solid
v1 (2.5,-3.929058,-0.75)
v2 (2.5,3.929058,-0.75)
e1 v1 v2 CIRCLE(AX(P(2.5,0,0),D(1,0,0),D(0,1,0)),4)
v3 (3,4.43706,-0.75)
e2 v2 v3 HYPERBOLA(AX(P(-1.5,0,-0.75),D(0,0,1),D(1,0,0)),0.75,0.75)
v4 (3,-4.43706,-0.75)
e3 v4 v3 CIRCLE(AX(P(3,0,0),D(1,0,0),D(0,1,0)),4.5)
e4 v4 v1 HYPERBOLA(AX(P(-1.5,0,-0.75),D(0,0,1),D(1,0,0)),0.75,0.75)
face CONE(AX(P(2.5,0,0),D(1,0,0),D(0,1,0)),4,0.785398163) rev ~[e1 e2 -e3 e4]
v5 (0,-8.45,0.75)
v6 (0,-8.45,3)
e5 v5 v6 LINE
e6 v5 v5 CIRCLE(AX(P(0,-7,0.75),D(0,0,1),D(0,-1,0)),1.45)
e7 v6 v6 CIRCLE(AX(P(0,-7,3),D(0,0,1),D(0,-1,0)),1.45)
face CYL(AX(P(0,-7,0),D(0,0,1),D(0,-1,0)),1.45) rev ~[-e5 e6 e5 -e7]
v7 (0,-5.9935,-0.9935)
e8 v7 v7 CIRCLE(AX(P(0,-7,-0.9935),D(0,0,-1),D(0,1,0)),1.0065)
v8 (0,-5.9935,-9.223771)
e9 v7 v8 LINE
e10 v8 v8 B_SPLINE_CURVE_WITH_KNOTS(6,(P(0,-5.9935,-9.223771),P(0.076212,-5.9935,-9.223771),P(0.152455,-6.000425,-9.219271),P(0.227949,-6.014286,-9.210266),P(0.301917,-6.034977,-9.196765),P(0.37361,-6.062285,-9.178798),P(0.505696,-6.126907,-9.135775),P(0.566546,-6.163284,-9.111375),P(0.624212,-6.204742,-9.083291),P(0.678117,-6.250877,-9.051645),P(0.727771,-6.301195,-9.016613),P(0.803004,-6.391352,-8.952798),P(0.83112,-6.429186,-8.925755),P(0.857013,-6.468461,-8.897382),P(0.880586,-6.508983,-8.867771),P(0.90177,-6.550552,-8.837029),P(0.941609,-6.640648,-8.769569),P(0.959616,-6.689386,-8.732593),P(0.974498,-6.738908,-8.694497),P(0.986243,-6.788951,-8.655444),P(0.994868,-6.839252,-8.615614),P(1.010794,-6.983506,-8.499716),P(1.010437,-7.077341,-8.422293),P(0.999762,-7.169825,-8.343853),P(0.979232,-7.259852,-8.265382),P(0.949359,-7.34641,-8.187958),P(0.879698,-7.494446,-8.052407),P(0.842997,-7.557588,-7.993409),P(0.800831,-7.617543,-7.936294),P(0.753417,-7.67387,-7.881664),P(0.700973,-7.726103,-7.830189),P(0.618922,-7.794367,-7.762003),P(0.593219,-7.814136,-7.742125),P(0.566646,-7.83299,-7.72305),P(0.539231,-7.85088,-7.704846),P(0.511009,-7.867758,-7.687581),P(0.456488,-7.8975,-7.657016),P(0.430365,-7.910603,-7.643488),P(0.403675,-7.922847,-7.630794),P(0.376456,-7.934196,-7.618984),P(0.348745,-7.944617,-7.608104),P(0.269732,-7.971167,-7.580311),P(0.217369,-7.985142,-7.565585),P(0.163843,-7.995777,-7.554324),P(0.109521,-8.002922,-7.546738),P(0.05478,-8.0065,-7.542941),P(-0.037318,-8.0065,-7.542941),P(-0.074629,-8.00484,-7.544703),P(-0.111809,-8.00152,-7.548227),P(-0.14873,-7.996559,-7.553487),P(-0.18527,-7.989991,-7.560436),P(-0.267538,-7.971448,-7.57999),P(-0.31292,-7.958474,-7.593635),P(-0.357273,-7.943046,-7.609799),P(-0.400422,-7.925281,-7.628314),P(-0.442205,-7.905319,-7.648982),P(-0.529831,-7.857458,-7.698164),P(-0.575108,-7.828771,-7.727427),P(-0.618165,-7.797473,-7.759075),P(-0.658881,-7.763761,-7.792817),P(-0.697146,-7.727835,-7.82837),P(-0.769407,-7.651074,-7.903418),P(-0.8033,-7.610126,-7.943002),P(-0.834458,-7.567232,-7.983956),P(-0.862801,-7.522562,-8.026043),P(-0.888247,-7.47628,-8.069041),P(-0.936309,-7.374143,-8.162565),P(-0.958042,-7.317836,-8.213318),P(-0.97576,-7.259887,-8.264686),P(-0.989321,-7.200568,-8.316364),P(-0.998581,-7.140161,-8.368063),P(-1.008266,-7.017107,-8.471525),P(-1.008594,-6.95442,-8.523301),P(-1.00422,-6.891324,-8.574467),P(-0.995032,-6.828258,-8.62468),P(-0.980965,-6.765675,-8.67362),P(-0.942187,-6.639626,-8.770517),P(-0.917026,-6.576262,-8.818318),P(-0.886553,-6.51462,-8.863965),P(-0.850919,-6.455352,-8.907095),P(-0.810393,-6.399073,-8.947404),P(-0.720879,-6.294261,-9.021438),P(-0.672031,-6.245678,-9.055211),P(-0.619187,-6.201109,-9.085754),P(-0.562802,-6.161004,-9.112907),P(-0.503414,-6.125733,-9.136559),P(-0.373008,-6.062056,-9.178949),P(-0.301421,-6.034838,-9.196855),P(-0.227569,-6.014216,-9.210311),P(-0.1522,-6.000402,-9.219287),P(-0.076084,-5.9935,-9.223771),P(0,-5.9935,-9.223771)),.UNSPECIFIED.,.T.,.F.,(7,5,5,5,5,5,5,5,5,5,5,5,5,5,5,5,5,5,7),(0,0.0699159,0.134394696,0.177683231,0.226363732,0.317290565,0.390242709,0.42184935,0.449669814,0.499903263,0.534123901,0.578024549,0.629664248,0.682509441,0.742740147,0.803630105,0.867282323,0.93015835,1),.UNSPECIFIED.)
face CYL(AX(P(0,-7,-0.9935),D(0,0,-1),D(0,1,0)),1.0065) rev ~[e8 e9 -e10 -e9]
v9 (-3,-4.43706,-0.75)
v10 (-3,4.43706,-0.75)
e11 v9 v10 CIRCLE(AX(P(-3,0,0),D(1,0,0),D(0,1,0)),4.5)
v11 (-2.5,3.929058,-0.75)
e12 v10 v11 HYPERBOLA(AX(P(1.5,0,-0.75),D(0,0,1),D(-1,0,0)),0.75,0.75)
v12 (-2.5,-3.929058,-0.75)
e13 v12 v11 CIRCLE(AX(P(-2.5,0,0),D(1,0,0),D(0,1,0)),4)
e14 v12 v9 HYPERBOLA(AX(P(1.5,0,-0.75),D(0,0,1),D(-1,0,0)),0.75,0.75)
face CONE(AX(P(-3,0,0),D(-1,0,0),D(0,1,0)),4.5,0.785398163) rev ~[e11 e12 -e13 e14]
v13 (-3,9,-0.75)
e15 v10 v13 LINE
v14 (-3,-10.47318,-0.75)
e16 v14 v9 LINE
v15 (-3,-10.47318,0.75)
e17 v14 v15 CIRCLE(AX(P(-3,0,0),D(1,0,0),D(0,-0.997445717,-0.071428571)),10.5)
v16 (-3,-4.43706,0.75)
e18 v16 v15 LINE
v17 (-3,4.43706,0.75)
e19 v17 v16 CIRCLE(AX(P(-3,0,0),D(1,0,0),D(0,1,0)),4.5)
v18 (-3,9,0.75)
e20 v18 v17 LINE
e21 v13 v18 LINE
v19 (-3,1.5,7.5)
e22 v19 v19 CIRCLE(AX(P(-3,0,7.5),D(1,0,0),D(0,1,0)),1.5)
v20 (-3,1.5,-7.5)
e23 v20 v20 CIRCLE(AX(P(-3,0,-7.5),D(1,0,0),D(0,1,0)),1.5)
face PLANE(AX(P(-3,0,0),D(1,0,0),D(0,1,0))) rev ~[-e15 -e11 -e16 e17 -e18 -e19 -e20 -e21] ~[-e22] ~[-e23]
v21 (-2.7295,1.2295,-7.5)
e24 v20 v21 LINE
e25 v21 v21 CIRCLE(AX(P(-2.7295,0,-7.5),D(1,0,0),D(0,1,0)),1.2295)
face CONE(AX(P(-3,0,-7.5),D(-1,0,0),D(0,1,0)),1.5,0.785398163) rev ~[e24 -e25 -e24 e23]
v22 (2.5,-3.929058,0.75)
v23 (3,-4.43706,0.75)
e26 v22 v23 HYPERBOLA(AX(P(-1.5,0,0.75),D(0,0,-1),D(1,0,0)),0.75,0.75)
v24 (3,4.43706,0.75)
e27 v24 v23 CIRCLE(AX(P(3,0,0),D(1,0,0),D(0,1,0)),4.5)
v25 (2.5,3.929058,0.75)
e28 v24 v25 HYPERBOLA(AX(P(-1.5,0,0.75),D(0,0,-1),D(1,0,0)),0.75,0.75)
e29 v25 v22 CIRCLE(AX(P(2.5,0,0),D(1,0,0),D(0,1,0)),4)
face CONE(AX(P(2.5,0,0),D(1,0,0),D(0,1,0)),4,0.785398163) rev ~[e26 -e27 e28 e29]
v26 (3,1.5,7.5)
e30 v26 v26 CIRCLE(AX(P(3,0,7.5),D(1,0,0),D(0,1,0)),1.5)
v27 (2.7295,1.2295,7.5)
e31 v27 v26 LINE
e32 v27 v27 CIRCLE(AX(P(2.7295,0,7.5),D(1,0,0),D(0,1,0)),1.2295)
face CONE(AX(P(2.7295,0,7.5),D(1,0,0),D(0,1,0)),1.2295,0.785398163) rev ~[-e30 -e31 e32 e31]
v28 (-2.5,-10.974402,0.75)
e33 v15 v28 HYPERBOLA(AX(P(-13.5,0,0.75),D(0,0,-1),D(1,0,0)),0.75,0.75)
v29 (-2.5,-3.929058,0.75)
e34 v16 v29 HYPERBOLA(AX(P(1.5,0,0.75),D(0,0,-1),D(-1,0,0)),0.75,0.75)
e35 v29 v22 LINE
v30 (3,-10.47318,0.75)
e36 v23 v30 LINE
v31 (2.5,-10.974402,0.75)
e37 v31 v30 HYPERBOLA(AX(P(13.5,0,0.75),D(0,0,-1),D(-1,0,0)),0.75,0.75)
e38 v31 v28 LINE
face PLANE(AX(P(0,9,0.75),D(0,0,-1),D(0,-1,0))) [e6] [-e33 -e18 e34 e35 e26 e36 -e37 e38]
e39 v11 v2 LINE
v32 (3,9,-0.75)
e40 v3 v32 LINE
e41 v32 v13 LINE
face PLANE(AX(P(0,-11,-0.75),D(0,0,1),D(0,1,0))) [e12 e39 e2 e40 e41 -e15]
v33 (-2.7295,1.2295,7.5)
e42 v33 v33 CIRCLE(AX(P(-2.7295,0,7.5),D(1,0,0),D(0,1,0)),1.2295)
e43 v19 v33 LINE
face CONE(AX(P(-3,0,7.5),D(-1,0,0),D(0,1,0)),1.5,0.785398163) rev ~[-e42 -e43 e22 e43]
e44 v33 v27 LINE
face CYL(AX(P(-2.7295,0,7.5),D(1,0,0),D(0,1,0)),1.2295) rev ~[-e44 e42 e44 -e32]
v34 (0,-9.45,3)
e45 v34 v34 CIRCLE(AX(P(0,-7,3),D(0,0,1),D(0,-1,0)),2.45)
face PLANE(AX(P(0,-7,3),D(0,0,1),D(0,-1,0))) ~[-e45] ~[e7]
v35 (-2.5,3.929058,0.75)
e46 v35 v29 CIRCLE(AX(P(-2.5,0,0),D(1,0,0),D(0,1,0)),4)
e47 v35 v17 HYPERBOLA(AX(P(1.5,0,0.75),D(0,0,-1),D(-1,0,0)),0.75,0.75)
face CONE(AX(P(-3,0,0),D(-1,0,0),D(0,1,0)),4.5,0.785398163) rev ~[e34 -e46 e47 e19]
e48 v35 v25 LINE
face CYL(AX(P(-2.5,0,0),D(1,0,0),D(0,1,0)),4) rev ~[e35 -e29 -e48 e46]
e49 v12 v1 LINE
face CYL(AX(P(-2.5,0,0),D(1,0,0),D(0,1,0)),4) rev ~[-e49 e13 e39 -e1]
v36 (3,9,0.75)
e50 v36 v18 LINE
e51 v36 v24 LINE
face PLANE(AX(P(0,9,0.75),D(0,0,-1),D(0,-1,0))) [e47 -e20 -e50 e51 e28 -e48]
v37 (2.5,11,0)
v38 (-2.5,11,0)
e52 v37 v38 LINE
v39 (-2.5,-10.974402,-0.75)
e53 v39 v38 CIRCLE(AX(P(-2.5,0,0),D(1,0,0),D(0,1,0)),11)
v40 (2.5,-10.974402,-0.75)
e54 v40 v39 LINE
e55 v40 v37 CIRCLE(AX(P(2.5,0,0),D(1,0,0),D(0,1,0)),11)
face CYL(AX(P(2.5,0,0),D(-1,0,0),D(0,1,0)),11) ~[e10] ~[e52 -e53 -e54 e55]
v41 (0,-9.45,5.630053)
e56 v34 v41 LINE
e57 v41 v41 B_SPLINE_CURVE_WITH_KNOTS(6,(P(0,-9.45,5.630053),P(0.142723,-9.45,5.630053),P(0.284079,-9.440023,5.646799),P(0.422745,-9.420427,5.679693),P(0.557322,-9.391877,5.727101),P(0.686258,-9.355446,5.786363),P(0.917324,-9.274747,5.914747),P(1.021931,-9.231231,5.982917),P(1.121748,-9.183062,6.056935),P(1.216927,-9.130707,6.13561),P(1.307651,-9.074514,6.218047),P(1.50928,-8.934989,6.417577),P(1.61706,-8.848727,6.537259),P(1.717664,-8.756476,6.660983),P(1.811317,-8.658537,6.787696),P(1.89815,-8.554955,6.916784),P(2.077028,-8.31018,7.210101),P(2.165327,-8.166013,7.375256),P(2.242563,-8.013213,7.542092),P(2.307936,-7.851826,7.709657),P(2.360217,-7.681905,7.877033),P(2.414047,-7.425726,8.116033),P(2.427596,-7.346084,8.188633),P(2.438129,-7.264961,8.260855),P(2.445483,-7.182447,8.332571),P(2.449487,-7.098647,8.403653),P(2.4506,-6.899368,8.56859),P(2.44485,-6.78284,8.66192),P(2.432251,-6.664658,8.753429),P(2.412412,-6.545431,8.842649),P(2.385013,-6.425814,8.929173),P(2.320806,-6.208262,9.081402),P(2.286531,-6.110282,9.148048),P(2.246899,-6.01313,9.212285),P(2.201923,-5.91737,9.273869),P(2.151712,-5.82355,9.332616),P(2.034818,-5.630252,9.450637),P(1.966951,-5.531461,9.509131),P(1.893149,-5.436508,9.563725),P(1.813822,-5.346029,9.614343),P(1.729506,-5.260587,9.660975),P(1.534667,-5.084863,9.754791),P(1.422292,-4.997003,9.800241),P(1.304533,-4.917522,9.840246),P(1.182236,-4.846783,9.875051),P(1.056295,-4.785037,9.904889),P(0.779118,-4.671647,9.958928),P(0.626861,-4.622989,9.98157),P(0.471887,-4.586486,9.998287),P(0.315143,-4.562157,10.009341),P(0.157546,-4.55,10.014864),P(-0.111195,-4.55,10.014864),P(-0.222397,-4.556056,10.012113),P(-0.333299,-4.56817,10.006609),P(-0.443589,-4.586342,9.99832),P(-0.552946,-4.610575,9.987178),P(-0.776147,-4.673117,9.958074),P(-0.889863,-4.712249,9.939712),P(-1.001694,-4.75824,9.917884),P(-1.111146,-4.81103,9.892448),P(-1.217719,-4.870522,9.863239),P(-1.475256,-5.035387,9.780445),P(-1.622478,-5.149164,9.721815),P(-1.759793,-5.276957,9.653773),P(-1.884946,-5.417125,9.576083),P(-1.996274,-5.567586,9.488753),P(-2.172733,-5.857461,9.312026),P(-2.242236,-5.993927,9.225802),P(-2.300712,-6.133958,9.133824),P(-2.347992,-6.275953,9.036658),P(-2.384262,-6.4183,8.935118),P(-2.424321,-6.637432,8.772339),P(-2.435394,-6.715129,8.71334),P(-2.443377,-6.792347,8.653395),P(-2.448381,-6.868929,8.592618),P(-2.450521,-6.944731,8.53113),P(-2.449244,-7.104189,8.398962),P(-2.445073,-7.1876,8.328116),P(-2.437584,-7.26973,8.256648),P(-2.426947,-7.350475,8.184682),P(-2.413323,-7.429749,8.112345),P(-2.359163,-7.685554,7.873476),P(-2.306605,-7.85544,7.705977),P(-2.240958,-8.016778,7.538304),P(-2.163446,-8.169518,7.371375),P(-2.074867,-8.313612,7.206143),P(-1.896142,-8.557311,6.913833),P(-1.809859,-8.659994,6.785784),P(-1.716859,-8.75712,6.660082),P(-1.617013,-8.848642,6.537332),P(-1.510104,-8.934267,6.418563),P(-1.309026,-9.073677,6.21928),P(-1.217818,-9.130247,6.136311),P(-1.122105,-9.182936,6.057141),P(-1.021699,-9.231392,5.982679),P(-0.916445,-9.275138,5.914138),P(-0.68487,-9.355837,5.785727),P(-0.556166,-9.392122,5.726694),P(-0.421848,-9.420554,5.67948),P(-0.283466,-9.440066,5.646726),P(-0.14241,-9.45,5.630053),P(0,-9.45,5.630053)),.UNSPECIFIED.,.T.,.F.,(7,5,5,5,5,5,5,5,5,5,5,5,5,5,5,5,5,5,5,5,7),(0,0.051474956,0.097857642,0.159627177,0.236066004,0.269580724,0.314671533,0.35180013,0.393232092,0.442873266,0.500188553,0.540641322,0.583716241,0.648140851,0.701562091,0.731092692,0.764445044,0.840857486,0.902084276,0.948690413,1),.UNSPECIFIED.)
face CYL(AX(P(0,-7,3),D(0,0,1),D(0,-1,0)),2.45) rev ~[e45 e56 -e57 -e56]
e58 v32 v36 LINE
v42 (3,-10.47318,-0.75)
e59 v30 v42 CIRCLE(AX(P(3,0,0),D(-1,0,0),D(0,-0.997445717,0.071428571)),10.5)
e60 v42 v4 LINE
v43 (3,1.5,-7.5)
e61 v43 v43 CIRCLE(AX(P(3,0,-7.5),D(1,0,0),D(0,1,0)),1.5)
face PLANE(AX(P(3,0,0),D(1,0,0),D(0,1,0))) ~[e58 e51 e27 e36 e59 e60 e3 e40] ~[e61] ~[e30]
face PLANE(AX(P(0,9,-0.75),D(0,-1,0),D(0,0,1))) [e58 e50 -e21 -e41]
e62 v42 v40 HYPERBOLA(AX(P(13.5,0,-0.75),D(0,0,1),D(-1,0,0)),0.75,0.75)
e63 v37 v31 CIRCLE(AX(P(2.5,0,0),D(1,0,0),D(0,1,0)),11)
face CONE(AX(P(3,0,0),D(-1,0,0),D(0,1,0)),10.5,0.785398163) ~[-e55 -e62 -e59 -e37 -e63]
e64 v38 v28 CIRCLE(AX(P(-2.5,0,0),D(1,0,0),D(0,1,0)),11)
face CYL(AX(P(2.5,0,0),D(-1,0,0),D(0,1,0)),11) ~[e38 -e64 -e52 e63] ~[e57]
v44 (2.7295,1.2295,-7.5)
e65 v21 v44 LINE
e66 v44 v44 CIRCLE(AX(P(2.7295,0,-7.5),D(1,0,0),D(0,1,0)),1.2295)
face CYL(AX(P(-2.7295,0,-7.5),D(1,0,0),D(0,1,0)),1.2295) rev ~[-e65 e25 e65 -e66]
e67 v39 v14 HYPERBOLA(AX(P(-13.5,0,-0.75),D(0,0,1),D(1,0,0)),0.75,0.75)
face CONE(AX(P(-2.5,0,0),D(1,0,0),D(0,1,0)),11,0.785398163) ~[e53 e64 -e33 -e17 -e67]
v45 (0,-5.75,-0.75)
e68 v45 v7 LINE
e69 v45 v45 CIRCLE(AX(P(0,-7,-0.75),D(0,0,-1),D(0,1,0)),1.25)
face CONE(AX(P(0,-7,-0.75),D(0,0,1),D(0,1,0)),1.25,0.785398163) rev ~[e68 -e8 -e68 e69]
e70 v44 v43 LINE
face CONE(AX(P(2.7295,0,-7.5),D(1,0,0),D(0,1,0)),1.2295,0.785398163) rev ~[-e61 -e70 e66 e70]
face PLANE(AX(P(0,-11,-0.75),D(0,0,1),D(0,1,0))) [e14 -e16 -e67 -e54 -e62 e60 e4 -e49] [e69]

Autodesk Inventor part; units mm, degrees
sketch "Sketch_1" plane through (0, 0, 0) normal (0, 0, 1) x (1, 0, 0)
  line L0 (3, 0) -> (-3, 0)
  line L1 (-3, 10.5) -> (-3, 4.5)
  line L2 (-3, 4.5) -> (-2.5, 4)
  line L3 (-2.5, 4) -> (2.5, 4)
  line L4 (2.5, 4) -> (3, 4.5)
  line L5 (3, 4.5) -> (3, 10.5)
  line L6 (3, 10.5) -> (2.5, 11)
  line L7 (2.5, 11) -> (-2.5, 11)
  line L8 (-2.5, 11) -> (-3, 10.5)
revolve "Revolution1" add sketch "Sketch_1" angle 360 about axis through (3, 0, 0) along (1, 0, 0)
sketch "Sketch_2" plane through (0, 0, 0) normal (1, 0, 0) x (0, 1, 0)
  line L0 (-11, 0.75) -> (-11, -0.75)
  line L1 (-11, -0.75) -> (9, -0.75)
  line L2 (9, -0.75) -> (9, 0.75)
  line L3 (9, 0.75) -> (-11, 0.75)
extrude "Extrusion1" cut sketch "Sketch_2" along normal mid plane 6
sketch "Sketch_3" plane through (0, 0, 0) normal (1, 0, 0) x (0, 1, 0)
  line L0 (-7, 11) -> (-7, 0)
  line L1 (-7, 0) -> (-8.45, 0)
  line L2 (-8.45, 0) -> (-8.45, 3)
  line L3 (-8.45, 3) -> (-9.45, 3)
  line L4 (-9.45, 3) -> (-9.45, 11)
  line L5 (-9.45, 11) -> (-7, 11)
  line L6 (-7, 11) -> (-7, 0)
revolve "Revolution2" cut sketch "Sketch_3" angle 360 about axis through (0, -7, 11) along (0, 0, 1)
sketch "Sketch_4" plane through (0, 0, 0) normal (1, 0, 0) x (0, 1, 0)
  line L0 (-7, -11.25) -> (-7, -0.75)
  line L1 (-7, -0.75) -> (-5.75, -0.75)
  line L2 (-5.75, -0.75) -> (-5.9935, -0.9935)
  line L3 (-5.9935, -0.9935) -> (-5.9935, -11.25)
  line L4 (-5.9935, -11.25) -> (-7, -11.25)
  line L5 (-7, -11.25) -> (-7, -0.75)
revolve "Revolution3" cut sketch "Sketch_4" angle 360 about axis through (0, -7, -11.25) along (0, 0, -1)
thread "Thread1" size "M2.5x0.45" class "6H" standard "ISO Metric profile" length 8.384
sketch "Sketch_7" plane through (0, 0, -7.5) normal (0, 0, 1) x (1, 0, 0)
  line L0 (3, 0) -> (-3, 0)
  line L1 (-3, 0) -> (-3, 1.5)
  line L2 (-3, 1.5) -> (-2.7295, 1.2295)
  line L3 (-2.7295, 1.2295) -> (2.7295, 1.2295)
  line L4 (2.7295, 1.2295) -> (3, 1.5)
  line L5 (3, 1.5) -> (3, 0)
  line L6 (3, 0) -> (-3, 0)
revolve "Revolution4" cut sketch "Sketch_7" angle 360 about axis through (3, 0, -7.5) along (1, 0, 0)
thread "Thread2" size "M3x0.5" class "6H" standard "ISO Metric profile" full length
sketch "Sketch_8" plane through (0, 0, 7.5) normal (0, 0, 1) x (1, 0, 0)
  line L0 (3, 0) -> (-3, 0)
  line L1 (-3, 0) -> (-3, 1.5)
  line L2 (-3, 1.5) -> (-2.7295, 1.2295)
  line L3 (-2.7295, 1.2295) -> (2.7295, 1.2295)
  line L4 (2.7295, 1.2295) -> (3, 1.5)
  line L5 (3, 1.5) -> (3, 0)
  line L6 (3, 0) -> (-3, 0)
revolve "Revolution5" cut sketch "Sketch_8" angle 360 about axis through (3, 0, 7.5) along (1, 0, 0)
thread "Thread3" size "M3x0.5" class "6H" standard "ISO Metric profile" full length
ref_plane "body_screw_XY" through (0, -7, 3) normal (0, 0, 1) x (1, 0, 0)
ref_plane "body_screw_YZ" through (0, -7, 3) normal (1, 0, 0) x (0, 1, 0)
ref_plane "body_screw_ZX" through (0, -7, 3) normal (0, 1, 0) x (0, 0, 1)
properties part number "SCSWJ8-6_b"
